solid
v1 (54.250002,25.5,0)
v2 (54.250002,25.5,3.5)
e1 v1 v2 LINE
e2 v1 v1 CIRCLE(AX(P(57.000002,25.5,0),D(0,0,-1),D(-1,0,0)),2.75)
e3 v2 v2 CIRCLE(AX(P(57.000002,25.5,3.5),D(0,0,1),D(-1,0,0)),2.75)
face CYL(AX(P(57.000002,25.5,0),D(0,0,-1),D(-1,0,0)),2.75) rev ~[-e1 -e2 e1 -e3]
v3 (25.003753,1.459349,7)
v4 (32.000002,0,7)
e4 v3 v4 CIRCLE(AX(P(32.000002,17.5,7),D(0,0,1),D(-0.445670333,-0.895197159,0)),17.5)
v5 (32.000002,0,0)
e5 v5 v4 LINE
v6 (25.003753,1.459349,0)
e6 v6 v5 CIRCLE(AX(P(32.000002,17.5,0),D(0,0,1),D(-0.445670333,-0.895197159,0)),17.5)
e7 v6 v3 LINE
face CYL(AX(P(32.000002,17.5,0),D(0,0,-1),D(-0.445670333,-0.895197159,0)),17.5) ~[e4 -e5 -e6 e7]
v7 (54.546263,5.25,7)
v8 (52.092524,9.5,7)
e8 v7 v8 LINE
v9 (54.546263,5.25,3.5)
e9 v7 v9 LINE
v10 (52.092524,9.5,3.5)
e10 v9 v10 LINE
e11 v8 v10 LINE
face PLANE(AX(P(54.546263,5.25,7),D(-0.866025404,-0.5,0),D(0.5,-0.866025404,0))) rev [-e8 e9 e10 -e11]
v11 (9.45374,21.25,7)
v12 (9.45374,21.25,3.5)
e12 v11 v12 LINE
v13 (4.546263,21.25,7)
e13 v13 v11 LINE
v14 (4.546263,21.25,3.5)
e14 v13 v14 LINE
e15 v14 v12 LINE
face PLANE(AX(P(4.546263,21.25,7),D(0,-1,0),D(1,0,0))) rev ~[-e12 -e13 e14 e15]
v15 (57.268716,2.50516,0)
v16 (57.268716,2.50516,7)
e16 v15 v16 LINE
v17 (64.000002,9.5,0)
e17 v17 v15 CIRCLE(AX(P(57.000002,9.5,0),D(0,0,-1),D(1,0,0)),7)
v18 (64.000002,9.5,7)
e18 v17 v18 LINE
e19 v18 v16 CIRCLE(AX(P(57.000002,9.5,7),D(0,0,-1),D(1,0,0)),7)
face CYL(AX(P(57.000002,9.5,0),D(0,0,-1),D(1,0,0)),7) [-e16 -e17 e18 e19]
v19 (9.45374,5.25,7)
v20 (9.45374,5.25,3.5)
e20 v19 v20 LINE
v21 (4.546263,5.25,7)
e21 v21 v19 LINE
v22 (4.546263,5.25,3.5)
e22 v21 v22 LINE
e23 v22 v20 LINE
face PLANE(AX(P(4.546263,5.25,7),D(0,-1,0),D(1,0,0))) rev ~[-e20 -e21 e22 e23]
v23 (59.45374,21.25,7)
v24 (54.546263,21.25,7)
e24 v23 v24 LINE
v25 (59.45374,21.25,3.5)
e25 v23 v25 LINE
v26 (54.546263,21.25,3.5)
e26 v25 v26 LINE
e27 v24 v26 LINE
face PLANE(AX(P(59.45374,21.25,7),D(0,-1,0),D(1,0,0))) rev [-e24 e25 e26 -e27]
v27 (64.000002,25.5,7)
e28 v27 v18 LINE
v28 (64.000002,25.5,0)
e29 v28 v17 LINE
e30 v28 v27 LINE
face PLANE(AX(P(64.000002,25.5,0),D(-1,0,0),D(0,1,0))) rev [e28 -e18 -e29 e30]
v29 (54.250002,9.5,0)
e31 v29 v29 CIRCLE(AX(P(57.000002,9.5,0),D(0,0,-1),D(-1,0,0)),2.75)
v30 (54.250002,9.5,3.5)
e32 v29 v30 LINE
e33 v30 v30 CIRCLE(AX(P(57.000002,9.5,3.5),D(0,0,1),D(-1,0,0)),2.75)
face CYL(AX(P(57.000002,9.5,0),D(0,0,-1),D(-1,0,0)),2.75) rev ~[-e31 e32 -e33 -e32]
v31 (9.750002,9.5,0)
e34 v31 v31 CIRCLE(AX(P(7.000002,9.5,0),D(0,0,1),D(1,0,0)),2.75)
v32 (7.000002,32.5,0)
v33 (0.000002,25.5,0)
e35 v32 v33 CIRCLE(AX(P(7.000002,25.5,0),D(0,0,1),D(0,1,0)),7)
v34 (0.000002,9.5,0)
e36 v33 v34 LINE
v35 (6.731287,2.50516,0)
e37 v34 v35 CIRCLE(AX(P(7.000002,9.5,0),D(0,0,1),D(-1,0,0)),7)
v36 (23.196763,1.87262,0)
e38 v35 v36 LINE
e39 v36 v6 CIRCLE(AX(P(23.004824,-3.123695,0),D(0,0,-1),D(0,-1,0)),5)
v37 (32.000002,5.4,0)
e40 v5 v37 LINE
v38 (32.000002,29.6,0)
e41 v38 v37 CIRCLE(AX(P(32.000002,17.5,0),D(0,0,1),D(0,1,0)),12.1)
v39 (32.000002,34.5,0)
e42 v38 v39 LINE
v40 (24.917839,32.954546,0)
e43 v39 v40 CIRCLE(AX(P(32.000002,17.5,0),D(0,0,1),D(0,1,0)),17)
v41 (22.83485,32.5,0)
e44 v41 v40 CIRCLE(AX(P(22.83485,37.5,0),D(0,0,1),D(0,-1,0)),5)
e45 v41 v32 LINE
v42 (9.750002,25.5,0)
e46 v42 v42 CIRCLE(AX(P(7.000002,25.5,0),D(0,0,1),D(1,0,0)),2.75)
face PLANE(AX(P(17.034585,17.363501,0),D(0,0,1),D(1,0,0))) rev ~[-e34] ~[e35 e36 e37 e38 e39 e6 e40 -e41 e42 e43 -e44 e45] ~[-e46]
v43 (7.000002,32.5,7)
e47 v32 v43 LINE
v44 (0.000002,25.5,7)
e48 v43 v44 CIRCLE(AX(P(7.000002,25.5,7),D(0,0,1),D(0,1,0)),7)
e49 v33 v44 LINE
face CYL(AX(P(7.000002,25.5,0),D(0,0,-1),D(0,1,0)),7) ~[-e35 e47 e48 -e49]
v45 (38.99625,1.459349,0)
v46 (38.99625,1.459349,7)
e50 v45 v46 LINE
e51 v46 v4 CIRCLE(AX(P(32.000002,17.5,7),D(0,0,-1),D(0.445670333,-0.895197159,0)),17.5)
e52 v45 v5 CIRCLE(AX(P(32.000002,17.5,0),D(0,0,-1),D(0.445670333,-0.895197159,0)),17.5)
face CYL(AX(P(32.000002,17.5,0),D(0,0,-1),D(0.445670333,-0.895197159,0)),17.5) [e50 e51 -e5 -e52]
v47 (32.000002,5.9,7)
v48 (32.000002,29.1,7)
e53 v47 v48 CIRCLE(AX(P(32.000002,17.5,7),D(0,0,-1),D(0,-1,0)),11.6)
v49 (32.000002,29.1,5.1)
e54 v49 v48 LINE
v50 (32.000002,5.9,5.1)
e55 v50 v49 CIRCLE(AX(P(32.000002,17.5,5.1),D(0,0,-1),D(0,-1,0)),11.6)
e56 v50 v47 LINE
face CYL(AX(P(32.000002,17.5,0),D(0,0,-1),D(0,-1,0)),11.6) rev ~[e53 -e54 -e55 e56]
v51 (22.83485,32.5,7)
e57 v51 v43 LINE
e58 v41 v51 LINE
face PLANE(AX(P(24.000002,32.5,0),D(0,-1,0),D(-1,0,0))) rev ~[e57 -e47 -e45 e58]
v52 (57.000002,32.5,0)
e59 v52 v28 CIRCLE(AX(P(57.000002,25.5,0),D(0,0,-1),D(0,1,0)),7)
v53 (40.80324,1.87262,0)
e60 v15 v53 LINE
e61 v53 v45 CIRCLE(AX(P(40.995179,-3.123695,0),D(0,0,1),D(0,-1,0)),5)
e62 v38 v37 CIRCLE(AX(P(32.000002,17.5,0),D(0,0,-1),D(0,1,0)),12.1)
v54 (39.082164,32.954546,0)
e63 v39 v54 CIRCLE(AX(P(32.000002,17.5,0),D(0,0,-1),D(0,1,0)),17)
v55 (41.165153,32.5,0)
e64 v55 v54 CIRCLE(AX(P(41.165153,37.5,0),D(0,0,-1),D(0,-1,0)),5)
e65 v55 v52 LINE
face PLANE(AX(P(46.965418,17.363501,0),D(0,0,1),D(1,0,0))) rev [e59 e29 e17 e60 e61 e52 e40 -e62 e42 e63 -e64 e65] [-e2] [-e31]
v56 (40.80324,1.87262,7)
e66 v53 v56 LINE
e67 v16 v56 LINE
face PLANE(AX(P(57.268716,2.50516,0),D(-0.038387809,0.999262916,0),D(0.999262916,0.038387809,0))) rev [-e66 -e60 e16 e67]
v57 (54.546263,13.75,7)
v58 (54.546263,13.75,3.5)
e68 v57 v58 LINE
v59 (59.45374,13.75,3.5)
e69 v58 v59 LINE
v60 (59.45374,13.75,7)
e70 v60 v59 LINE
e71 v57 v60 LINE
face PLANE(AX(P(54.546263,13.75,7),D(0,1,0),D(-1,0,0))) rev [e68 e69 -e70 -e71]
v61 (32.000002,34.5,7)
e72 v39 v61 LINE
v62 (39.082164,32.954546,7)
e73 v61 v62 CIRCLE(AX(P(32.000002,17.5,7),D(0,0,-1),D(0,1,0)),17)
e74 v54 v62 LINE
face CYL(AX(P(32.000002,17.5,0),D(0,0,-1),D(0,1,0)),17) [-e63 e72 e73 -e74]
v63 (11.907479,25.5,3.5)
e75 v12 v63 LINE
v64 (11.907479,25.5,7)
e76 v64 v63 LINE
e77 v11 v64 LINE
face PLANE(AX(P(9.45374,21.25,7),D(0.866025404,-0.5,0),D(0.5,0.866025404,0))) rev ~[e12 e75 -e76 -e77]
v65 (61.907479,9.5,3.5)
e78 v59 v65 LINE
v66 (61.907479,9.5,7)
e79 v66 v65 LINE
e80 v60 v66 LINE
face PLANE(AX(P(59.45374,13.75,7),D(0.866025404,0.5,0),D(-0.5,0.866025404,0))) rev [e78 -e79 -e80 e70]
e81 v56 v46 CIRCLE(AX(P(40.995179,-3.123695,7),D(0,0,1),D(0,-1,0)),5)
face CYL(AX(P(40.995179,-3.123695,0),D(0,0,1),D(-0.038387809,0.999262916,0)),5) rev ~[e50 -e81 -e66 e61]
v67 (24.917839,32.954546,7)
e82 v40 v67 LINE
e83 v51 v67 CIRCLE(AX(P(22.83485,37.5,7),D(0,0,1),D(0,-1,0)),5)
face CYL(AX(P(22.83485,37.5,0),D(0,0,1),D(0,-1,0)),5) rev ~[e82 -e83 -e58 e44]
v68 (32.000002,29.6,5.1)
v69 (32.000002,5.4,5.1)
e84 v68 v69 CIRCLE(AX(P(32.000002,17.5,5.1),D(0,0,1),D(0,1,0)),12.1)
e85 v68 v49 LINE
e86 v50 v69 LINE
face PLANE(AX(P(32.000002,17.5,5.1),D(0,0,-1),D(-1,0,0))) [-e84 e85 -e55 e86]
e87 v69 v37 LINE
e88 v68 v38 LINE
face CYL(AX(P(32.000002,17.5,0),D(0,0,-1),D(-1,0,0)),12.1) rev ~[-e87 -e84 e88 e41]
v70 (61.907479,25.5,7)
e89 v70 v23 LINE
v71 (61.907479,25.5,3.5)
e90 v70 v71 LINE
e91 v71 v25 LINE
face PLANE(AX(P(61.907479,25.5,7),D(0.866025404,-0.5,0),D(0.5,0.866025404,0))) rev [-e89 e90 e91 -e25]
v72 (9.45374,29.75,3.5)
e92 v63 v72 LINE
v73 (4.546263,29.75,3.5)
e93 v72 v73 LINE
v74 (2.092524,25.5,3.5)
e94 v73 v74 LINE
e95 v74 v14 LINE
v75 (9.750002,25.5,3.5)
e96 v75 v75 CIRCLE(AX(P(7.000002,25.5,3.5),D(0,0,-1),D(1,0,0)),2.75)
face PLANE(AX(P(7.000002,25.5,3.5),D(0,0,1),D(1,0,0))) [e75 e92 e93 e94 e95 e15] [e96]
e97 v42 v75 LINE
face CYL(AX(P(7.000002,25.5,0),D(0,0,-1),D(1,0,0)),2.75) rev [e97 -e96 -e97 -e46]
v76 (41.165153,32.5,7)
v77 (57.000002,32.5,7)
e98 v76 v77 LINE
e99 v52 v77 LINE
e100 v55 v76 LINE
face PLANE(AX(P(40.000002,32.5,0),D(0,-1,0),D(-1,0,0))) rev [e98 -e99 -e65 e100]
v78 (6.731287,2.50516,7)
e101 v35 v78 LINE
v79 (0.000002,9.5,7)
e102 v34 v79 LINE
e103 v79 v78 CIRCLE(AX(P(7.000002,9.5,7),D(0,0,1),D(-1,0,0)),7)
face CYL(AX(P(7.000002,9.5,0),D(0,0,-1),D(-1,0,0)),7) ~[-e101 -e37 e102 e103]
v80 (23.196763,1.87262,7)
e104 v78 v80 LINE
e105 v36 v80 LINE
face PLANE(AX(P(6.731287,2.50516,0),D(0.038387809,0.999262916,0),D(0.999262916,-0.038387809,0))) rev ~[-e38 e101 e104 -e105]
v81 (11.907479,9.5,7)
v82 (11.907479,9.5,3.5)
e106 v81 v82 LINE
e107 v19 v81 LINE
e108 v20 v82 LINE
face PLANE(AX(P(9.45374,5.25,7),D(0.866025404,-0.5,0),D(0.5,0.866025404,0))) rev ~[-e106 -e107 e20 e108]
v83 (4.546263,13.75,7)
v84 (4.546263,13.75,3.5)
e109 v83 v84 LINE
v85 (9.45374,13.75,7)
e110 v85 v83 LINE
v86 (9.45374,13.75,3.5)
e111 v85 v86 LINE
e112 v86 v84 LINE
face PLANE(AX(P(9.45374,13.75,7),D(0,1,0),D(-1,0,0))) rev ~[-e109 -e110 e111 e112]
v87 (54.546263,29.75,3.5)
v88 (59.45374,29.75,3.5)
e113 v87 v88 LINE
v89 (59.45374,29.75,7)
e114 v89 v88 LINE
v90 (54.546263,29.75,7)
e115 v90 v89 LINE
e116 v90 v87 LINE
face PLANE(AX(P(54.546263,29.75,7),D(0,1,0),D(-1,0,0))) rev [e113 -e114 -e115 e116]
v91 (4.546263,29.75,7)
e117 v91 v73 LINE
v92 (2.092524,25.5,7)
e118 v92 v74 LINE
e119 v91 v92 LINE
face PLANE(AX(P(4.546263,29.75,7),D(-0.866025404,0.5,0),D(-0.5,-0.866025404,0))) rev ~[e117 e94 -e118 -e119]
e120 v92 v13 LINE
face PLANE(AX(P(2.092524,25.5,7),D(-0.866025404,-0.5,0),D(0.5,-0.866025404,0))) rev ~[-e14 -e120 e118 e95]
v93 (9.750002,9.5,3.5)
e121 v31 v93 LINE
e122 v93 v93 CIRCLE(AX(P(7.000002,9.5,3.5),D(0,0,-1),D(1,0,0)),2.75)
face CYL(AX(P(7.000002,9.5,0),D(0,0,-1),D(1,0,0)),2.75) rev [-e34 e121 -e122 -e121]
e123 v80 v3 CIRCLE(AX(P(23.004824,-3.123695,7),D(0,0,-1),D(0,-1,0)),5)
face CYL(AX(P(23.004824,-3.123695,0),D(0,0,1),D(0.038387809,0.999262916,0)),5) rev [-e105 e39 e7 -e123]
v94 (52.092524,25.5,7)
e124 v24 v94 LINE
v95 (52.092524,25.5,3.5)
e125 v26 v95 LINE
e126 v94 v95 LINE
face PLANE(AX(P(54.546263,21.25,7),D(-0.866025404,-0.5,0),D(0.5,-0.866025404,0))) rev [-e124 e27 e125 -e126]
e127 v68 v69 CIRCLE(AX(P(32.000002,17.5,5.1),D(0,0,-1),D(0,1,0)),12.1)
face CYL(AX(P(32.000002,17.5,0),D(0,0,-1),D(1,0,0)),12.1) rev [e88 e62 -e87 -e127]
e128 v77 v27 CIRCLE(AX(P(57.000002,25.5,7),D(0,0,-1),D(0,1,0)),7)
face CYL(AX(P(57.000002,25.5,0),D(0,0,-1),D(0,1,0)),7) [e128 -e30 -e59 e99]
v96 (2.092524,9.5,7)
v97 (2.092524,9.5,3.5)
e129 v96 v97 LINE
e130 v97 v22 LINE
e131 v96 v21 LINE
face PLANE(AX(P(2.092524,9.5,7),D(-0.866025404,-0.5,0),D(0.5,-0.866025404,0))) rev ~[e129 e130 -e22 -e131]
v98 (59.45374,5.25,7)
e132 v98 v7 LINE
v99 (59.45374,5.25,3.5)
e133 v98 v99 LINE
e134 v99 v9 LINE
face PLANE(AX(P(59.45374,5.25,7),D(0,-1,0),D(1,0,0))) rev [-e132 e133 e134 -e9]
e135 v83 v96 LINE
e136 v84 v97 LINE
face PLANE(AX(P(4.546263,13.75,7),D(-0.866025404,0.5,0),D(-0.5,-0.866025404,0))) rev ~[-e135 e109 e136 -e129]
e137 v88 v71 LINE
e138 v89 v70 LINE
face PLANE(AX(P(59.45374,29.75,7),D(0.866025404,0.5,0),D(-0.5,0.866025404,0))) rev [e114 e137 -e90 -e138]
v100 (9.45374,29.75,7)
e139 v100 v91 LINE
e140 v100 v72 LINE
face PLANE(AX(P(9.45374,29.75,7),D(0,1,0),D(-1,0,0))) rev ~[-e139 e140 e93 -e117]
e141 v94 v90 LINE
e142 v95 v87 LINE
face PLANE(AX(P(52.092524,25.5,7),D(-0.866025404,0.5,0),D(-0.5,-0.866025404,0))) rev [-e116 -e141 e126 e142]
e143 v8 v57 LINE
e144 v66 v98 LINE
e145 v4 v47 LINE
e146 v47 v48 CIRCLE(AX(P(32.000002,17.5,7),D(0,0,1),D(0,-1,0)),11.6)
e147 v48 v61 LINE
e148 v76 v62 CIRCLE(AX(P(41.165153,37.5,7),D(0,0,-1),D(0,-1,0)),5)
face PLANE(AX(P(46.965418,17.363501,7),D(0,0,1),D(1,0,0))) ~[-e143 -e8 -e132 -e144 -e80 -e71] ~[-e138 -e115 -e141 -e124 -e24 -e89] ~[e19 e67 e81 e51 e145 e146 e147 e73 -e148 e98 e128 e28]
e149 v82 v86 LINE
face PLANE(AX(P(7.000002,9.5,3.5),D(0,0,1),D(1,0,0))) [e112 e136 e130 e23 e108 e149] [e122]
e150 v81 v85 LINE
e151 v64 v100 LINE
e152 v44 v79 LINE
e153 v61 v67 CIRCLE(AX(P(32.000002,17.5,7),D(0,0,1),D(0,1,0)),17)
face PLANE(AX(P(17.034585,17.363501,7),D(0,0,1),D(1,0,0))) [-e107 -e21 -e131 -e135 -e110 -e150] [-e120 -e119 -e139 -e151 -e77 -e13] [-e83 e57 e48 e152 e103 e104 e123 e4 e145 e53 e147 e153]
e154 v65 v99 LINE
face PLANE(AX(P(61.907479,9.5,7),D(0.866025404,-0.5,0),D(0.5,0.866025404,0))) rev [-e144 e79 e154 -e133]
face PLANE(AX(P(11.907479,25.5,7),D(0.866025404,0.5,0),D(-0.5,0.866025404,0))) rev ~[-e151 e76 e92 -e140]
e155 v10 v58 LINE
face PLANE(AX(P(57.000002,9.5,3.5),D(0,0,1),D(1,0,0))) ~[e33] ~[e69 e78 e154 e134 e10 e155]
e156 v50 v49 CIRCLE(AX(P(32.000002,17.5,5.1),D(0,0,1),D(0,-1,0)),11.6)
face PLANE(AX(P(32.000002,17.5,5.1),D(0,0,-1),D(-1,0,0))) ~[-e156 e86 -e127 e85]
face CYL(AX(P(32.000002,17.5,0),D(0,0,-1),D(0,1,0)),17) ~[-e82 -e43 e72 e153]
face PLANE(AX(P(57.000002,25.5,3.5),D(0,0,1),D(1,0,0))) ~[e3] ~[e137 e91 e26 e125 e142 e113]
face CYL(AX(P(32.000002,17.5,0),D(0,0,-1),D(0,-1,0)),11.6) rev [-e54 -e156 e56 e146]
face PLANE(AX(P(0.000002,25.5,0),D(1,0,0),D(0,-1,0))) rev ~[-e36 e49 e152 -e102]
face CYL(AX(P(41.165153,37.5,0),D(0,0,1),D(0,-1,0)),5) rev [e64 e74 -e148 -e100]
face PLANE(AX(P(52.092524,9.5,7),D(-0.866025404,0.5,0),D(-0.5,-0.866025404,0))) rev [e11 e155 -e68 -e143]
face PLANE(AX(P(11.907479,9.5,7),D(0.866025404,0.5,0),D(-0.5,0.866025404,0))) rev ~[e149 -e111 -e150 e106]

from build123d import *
from build123d.topology import SkipClean

# Parameters (mm, degrees)
SKETCH1_R           = 2.75
BOSS_EXTRUDE1_DEPTH = 7
SKETCH2_R           = 12.1
CUT_EXTRUDE1_DEPTH  = 5.1
CUT_EXTRUDE2_DEPTH  = 3.5
FILLET1_R           = 5


with BuildPart() as part:
    # Sketch1 → Boss-Extrude1 (new body)
    with BuildSketch(Plane.XY):
        with BuildLine():
            Line((24.00000152, 32.500000075), (7.00000152, 32.500000075))
            ThreePointArc((7.00000152, 32.500000075), (2.050254052, 30.449747543), (1.52e-06, 25.500000075))
            Line((1.52e-06, 25.500000075), (1.52e-06, 9.500000075))
            ThreePointArc((1.52e-06, 9.500000075), (1.956143738, 4.646187277), (6.731286856, 2.50515966))
            Line((6.731286856, 2.50515966), (24.20077069, 1.834049785))
            ThreePointArc((24.20077069, 1.834049785), (27.99401413, 0.464681908), (32.00000152, 7.5e-08))
            Line((32.00000152, 7.5e-08), (32.00000152, 5.900000075))
            ThreePointArc((32.00000152, 5.900000075), (20.40000152, 17.500000075), (32.00000152, 29.100000075))
            Line((32.00000152, 29.100000075), (32.00000152, 34.500000075))
            ThreePointArc((32.00000152, 34.500000075), (27.876895894, 33.992422577), (24.00000152, 32.500000075))
        make_face()
        with Locations((7.00000152, 25.500000075)):
            Circle(SKETCH1_R, mode=Mode.SUBTRACT)
        with Locations((7.00000152, 9.500000075)):
            Circle(SKETCH1_R, mode=Mode.SUBTRACT)
    extrude(amount=BOSS_EXTRUDE1_DEPTH)

    # Sketch2 → Cut-Extrude1 (cut)
    with BuildSketch(Plane(origin=(0, 0, 0), x_dir=(-1, 0, 0), z_dir=(0, 0, -1))):
        with Locations((-32.00000152, 17.500000075)):
            Circle(SKETCH2_R)
    extrude(amount=-CUT_EXTRUDE1_DEPTH, mode=Mode.SUBTRACT)

    # Sketch3 → Cut-Extrude2 (cut)
    with BuildSketch(Plane.XY.offset(7)):
        Polygon((4.546262876, 29.750000075), (2.092524232, 25.500000075), (4.546262876, 21.250000075), (9.453740164, 21.250000075), (11.907478808, 25.500000075), (9.453740164, 29.750000075), align=None)
        Polygon((4.546262876, 13.750000075), (2.092524232, 9.500000075), (4.546262876, 5.250000075), (9.453740164, 5.250000075), (11.907478808, 9.500000075), (9.453740164, 13.750000075), align=None)
    extrude(amount=-CUT_EXTRUDE2_DEPTH, mode=Mode.SUBTRACT)

    # Fillet1
    fillet1_edges = [part.edges().sort_by_distance(p)[0] for p in [
        (24.00000152, 32.500000075, 3.5),
        (24.20077069, 1.834049785, 3.5),
    ]]
    fillet(fillet1_edges, radius=FILLET1_R)

    # Mirror1: part across plane


with BuildPart() as part_1:
    with SkipClean():  # the faces are left unmerged after this step: merging them gives an invalid solid
        add(part.part)
        add(part.part.mirror(Plane(origin=(32.00000152, 34.500000075, 7), x_dir=(0, 0, 1), z_dir=(-1, 0, 0))))


solid = part_1.part
